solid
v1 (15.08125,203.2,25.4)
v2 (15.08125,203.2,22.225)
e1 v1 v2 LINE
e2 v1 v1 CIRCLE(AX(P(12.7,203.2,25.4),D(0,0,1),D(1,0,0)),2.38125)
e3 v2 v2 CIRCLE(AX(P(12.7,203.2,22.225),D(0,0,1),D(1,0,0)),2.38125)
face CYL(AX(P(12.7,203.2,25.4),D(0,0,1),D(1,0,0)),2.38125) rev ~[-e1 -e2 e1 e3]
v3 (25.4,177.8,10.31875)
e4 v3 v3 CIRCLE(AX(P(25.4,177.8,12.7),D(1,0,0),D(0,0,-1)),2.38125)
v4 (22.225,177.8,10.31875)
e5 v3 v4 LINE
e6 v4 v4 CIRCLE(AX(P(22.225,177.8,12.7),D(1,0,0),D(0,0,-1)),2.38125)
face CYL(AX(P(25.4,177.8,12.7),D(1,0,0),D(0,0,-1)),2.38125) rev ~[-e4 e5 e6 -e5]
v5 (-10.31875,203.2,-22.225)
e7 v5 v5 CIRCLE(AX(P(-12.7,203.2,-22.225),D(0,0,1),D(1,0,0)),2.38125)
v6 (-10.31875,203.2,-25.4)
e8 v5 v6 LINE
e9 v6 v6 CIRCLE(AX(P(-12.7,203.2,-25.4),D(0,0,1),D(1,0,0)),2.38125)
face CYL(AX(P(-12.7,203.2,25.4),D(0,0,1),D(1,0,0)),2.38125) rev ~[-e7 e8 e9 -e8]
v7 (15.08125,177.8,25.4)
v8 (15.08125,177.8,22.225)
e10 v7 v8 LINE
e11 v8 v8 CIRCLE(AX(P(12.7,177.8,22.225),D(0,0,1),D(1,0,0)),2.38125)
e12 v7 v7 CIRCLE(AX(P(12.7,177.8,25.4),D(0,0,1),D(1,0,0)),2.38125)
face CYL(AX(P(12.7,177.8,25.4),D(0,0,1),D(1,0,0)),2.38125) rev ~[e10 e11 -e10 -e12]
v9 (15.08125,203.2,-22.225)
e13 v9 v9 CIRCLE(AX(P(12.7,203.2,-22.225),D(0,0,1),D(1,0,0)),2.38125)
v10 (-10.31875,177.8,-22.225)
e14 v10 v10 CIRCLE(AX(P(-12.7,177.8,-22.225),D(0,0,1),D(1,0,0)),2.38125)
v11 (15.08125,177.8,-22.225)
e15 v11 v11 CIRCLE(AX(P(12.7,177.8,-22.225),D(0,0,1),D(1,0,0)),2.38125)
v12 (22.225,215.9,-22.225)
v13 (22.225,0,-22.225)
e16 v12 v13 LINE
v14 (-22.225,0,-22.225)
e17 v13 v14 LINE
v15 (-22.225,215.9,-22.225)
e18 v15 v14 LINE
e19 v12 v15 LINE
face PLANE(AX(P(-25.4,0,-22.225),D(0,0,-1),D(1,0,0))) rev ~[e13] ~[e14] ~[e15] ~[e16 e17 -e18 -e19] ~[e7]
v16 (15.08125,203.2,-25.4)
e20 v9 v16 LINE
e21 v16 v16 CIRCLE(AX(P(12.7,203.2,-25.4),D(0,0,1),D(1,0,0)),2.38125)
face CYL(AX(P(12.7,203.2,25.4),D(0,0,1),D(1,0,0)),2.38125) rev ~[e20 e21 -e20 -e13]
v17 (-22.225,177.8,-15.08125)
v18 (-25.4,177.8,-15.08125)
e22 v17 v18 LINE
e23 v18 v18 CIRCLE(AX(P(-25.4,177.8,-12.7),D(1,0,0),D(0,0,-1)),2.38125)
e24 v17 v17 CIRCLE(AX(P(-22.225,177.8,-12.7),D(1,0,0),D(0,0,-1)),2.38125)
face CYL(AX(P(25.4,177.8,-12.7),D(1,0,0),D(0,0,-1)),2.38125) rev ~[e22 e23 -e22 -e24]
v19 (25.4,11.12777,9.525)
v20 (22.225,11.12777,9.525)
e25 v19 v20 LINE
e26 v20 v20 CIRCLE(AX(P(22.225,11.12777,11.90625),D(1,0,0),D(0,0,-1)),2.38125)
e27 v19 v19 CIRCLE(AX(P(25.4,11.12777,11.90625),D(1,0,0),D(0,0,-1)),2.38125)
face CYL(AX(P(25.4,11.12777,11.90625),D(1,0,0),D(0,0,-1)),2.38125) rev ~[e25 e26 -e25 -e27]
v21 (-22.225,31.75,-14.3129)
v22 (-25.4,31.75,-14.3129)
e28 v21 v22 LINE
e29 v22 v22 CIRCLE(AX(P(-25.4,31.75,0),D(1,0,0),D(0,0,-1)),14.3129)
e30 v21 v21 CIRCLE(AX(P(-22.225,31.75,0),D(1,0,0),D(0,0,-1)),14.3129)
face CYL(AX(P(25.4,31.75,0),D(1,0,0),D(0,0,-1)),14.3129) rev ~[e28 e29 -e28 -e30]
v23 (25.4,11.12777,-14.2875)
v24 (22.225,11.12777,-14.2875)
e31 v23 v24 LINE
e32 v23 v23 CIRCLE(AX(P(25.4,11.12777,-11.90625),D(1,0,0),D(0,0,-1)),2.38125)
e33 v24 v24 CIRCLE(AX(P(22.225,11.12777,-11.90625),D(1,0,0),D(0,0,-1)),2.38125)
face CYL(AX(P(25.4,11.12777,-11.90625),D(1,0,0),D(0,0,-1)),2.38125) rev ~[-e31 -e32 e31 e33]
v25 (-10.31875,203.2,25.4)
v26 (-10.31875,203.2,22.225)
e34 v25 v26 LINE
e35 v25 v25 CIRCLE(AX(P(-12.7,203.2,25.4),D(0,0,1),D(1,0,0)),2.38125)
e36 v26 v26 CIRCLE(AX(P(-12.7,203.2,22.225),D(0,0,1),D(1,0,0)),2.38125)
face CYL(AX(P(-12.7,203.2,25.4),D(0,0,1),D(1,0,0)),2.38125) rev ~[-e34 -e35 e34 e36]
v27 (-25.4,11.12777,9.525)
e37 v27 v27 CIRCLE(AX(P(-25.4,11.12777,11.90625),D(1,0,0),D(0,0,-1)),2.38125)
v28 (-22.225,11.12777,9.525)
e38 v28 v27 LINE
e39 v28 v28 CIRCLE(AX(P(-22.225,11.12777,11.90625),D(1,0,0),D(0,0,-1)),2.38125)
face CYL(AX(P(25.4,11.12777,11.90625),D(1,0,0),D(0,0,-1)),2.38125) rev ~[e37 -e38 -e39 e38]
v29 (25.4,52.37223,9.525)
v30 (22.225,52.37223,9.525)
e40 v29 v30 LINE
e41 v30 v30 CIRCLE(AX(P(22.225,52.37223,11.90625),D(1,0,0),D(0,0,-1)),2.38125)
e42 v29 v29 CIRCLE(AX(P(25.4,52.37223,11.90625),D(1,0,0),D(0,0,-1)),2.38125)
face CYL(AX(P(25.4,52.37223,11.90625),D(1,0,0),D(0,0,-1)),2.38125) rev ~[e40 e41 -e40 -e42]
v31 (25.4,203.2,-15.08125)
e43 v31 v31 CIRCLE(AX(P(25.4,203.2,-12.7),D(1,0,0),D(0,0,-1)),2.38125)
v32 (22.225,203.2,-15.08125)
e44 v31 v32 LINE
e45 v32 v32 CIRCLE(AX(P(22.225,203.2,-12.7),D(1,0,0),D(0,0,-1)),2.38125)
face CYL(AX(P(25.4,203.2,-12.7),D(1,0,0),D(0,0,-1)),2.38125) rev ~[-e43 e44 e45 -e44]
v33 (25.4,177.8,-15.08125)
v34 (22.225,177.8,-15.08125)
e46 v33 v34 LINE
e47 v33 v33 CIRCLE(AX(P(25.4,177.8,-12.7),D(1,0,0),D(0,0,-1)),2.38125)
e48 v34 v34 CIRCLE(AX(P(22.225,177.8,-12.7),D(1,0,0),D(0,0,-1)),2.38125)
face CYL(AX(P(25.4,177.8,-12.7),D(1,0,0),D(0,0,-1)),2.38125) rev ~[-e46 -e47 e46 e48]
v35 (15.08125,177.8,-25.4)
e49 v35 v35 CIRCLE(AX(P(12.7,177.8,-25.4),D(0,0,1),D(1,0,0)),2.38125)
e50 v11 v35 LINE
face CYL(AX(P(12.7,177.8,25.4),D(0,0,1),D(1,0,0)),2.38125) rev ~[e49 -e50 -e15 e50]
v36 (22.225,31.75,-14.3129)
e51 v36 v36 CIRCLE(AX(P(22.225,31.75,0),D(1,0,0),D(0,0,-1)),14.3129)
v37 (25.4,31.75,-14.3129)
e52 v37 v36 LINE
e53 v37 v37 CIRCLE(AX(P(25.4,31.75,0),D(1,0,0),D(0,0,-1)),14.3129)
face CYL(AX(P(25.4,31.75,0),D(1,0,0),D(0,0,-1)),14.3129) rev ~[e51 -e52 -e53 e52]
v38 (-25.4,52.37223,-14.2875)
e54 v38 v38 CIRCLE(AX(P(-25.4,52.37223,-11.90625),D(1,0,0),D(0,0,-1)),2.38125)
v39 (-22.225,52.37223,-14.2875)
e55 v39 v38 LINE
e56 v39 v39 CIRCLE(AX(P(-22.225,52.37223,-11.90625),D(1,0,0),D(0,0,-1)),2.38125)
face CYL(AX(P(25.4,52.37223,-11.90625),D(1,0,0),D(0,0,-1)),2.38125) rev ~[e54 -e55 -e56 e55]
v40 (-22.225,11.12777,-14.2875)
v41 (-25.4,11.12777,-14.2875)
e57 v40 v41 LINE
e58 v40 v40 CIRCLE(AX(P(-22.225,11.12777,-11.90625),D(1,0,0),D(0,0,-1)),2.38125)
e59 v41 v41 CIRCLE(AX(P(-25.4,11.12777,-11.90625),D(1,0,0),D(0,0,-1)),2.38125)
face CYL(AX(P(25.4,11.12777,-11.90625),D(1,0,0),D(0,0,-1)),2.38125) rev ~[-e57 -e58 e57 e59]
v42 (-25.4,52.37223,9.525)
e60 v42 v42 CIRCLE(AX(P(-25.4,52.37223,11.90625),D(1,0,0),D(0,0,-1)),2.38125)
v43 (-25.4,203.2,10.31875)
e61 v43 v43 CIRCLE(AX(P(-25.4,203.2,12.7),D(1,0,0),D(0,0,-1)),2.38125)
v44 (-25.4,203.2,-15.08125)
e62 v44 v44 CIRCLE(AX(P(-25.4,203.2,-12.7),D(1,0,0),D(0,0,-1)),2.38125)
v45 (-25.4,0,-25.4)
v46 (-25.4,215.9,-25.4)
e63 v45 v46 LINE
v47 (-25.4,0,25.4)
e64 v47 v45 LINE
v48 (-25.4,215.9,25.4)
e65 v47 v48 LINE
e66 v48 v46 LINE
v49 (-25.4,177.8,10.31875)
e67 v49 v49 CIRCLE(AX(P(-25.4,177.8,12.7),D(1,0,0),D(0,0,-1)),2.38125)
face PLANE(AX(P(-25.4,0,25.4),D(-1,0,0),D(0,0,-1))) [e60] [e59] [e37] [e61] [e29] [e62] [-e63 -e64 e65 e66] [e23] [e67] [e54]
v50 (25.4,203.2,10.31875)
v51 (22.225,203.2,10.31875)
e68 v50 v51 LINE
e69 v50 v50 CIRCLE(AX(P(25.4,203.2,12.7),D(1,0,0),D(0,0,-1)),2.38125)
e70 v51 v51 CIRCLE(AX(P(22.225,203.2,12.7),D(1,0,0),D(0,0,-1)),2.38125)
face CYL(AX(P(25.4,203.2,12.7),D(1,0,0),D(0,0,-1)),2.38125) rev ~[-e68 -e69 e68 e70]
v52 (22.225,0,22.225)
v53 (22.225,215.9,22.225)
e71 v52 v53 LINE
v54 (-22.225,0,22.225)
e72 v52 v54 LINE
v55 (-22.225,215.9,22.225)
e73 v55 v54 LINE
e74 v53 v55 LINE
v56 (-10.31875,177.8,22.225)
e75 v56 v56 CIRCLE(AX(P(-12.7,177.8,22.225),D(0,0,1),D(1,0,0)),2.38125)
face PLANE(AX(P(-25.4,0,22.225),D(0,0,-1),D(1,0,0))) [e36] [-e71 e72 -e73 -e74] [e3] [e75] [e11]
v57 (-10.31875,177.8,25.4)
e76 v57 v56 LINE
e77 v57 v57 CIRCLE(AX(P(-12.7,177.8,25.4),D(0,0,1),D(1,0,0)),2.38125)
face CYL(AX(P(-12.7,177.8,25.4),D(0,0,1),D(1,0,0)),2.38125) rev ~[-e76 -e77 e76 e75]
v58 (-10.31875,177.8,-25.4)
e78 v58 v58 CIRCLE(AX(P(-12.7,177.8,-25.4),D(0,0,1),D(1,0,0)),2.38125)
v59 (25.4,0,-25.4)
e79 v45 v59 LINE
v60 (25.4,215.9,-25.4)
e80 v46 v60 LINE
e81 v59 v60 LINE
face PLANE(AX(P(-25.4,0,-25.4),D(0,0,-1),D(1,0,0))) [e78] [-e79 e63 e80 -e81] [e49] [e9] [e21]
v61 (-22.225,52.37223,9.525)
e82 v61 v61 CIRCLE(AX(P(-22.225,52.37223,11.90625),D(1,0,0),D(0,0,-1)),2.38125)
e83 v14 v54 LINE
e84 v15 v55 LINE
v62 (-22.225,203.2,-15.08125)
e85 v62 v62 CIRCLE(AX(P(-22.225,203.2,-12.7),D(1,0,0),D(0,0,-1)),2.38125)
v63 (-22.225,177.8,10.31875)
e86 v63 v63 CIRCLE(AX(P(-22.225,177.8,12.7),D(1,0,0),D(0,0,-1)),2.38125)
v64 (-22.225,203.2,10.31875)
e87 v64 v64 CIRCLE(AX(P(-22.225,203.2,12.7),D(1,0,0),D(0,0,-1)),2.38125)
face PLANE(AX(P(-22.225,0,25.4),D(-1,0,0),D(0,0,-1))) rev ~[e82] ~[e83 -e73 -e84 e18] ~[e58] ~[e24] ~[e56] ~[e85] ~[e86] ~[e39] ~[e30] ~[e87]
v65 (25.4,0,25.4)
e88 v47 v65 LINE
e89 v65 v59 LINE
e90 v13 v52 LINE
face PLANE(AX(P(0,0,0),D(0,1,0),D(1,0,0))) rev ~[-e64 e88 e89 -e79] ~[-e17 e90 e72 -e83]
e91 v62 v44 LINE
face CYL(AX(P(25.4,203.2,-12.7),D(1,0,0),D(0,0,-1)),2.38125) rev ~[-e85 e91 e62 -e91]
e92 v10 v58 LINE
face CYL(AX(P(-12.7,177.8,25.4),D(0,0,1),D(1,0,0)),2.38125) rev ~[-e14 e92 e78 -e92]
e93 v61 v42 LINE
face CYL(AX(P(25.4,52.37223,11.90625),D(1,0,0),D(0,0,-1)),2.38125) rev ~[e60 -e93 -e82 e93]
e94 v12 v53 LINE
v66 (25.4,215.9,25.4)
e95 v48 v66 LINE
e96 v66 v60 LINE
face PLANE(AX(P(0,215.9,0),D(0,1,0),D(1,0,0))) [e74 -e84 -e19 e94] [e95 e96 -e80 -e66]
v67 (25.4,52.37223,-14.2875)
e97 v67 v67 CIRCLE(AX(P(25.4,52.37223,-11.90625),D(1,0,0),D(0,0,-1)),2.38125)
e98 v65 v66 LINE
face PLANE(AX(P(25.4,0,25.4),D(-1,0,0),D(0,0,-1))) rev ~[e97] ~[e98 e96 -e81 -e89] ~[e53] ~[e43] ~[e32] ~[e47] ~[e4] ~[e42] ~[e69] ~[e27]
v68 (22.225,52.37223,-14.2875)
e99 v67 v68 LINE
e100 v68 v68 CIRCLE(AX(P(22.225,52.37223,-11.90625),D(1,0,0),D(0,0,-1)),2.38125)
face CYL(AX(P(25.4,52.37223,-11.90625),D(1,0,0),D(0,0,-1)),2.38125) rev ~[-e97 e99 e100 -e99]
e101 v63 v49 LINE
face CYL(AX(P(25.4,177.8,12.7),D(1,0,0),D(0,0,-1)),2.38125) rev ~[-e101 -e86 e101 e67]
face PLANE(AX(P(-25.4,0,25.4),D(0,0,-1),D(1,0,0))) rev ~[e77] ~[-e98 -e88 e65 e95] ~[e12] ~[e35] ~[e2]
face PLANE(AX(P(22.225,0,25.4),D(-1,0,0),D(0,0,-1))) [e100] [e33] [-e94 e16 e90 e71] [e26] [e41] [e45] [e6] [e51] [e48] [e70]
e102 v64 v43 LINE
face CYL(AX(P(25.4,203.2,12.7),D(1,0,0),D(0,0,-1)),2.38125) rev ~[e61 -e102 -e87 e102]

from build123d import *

# Parameters (mm, degrees)
SKETCH1_W           = 50.8
SKETCH1_H           = 50.8
BOSS_EXTRUDE1_DEPTH = 215.9
SHELL1_T            = -3.175
SKETCH2_R           = 14.3129
CUT_EXTRUDE1_DEPTH  = 224.245627057
SKETCH3_R           = 2.38125
CUT_EXTRUDE2_DEPTH  = 224.245627057
SKETCH4_R           = 2.38125
CUT_EXTRUDE3_DEPTH  = 224.245627057
SKETCH5_R           = 2.38125
CUT_EXTRUDE4_DEPTH  = 224.245627057


with BuildPart() as part:
    # Sketch1 → Boss-Extrude1 (new body)
    with BuildSketch(Plane(origin=(0, 0, 0), x_dir=(1, 0, 0), z_dir=(0, 1, 0))):
        Rectangle(SKETCH1_W, SKETCH1_H)
    extrude(amount=BOSS_EXTRUDE1_DEPTH)

    # Shell1
    shell1_openings = [part.faces().sort_by_distance(p)[0] for p in [
        (0, 215.9, 0),
        (0, 0, 0),
    ]]
    offset(amount=SHELL1_T, openings=shell1_openings, kind=Kind.INTERSECTION)

    # Sketch2 → Cut-Extrude1 (cut, through all)
    with BuildSketch(Plane(origin=(25.4, 0, 0), x_dir=(0, 0, -1), z_dir=(1, 0, 0))):
        with Locations((0, 31.75)):
            Circle(SKETCH2_R)
    extrude(amount=-CUT_EXTRUDE1_DEPTH, mode=Mode.SUBTRACT)

    # Sketch3 → Cut-Extrude2 (cut, through all)
    with BuildSketch(Plane(origin=(25.4, 0, 0), x_dir=(0, 0, -1), z_dir=(1, 0, 0))):
        with Locations((-11.90625, 52.372229928)):
            Circle(SKETCH3_R)
        with Locations((11.90625, 52.372229928)):
            Circle(SKETCH3_R)
        with Locations((-11.90625, 11.127770072)):
            Circle(SKETCH3_R)
        with Locations((11.90625, 11.127770072)):
            Circle(SKETCH3_R)
    extrude(amount=-CUT_EXTRUDE2_DEPTH, mode=Mode.SUBTRACT)

    # Sketch4 → Cut-Extrude3 (cut, through all)
    with BuildSketch(Plane(origin=(25.4, 0, 0), x_dir=(0, 0, -1), z_dir=(1, 0, 0))):
        with Locations((-12.7, 203.2)):
            Circle(SKETCH4_R)
        with Locations((12.7, 203.2)):
            Circle(SKETCH4_R)
        with Locations((12.7, 177.8)):
            Circle(SKETCH4_R)
        with Locations((-12.7, 177.8)):
            Circle(SKETCH4_R)
    extrude(amount=-CUT_EXTRUDE3_DEPTH, mode=Mode.SUBTRACT)

    # Sketch5 → Cut-Extrude4 (cut, through all)
    with BuildSketch(Plane.XY.offset(25.4)):
        with Locations((-12.7, 203.2)):
            Circle(SKETCH5_R)
        with Locations((12.7, 203.2)):
            Circle(SKETCH5_R)
        with Locations((12.7, 177.8)):
            Circle(SKETCH5_R)
        with Locations((-12.7, 177.8)):
            Circle(SKETCH5_R)
    extrude(amount=-CUT_EXTRUDE4_DEPTH, mode=Mode.SUBTRACT)


solid = part.part
